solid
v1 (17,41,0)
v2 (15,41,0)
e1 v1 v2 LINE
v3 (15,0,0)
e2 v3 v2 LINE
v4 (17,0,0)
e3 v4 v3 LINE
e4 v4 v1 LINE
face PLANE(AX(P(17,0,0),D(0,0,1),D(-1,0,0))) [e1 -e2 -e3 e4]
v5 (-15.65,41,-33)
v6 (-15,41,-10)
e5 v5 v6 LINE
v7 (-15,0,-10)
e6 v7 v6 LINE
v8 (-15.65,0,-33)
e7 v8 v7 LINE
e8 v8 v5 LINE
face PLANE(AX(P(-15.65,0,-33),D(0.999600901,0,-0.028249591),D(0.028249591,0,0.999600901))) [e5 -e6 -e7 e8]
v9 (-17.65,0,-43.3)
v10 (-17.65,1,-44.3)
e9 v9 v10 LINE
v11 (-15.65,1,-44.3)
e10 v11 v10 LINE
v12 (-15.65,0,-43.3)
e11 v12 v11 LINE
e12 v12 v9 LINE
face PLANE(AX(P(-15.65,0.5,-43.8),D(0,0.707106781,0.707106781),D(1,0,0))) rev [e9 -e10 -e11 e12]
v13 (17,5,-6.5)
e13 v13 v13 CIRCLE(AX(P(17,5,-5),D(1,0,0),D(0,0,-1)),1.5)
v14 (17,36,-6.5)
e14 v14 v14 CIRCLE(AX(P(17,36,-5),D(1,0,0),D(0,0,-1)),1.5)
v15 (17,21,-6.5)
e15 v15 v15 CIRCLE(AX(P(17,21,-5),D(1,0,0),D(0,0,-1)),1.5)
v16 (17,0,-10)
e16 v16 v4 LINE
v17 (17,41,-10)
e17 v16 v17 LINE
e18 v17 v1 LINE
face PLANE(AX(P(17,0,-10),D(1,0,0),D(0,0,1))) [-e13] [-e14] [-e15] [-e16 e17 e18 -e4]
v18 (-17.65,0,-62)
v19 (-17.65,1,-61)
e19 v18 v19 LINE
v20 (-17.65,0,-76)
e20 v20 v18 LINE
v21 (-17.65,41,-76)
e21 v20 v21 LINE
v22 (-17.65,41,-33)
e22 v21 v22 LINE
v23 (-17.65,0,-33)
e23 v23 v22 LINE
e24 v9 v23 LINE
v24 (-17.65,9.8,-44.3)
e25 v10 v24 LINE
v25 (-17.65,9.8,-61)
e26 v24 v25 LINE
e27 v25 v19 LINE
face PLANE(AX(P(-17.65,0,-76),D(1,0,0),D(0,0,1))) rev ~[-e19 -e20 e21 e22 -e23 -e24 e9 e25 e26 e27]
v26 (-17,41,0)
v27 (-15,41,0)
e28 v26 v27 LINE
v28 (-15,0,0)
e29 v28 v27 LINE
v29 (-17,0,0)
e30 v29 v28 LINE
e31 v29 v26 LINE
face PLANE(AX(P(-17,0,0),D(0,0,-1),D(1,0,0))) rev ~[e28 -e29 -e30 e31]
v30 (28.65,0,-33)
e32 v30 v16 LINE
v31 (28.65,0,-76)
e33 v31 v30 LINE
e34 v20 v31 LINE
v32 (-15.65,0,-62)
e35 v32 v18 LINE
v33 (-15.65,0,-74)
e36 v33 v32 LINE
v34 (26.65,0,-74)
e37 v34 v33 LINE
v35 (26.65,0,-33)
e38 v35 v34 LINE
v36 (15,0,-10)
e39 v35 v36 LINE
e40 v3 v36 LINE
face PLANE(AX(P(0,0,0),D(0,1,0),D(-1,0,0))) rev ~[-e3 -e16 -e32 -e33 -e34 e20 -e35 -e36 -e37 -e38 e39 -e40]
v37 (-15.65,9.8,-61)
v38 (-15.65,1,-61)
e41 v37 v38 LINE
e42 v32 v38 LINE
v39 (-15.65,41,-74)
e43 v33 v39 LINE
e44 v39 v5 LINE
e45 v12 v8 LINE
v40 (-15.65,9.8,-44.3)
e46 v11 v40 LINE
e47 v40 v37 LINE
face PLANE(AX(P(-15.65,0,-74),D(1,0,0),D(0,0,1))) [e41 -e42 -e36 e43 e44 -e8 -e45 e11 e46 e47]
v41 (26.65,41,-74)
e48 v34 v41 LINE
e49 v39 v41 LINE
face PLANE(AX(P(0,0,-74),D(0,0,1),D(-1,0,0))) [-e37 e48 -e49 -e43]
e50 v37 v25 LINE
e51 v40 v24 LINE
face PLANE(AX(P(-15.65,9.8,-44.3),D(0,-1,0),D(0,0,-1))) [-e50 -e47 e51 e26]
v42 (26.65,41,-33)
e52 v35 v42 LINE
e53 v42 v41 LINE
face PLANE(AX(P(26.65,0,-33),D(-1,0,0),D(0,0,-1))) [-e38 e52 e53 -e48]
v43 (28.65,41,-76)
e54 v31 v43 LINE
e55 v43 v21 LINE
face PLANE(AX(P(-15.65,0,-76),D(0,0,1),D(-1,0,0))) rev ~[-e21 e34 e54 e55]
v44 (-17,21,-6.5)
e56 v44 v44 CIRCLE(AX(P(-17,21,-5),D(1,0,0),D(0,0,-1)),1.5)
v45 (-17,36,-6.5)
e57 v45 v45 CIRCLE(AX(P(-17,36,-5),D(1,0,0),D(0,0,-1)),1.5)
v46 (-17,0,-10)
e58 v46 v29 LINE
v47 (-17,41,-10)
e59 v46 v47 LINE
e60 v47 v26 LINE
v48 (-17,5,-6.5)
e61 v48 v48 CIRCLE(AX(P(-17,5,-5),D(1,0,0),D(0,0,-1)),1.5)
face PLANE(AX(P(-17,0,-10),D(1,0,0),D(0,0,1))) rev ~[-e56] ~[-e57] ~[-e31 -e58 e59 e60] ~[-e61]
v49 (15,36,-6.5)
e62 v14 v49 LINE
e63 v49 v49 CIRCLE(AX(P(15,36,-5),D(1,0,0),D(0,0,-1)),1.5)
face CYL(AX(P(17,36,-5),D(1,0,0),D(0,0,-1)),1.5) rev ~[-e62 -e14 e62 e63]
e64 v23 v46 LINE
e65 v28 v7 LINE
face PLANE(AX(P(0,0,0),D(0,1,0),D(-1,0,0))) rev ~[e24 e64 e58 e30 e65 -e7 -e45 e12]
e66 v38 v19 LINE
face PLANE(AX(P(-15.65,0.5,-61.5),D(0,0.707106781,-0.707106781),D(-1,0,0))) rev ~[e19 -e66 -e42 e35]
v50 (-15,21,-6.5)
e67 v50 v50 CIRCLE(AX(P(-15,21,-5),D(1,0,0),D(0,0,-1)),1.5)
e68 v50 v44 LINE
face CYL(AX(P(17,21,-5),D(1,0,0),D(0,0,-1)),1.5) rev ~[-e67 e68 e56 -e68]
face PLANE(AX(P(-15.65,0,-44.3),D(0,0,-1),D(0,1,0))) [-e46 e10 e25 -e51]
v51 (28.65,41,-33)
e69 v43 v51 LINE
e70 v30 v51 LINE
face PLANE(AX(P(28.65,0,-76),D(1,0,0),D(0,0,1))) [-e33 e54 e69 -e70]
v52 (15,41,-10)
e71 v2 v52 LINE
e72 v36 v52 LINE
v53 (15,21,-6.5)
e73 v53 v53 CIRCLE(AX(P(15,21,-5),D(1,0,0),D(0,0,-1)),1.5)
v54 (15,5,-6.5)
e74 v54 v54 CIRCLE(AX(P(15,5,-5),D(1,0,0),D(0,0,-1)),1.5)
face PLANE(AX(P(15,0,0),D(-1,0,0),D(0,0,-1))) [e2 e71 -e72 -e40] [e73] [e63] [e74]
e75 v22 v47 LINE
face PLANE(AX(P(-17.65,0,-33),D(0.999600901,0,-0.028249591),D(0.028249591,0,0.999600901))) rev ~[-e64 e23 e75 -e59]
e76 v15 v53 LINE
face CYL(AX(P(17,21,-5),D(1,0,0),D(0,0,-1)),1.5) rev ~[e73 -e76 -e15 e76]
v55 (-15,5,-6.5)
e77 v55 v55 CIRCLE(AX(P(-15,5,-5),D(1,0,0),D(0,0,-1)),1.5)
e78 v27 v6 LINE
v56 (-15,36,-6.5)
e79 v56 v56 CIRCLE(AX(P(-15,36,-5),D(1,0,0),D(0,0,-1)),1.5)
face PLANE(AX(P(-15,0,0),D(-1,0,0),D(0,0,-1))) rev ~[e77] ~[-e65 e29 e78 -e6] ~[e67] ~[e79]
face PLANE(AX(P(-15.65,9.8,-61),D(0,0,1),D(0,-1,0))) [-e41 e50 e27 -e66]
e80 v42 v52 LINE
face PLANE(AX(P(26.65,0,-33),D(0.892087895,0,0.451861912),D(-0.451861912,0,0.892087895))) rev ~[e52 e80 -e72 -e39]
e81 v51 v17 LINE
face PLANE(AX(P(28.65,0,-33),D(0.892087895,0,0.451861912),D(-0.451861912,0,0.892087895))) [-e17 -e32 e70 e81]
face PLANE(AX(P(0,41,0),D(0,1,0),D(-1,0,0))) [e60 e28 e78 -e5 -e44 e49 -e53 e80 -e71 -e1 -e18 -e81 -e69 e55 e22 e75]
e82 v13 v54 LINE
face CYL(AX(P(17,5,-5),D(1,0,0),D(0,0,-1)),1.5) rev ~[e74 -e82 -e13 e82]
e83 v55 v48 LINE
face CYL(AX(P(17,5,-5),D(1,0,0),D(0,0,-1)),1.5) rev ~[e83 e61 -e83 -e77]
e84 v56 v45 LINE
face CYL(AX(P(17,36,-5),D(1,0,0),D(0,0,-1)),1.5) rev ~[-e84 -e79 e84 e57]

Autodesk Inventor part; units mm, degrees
ref_plane "YZ Plane" through (0, 0, 0) normal (1, 0, 0) x (0, 1, 0)
ref_plane "XZ Plane" through (0, 0, 0) normal (0, 1, 0) x (-1, 0, 0)
ref_plane "XY Plane" through (0, 0, 0) normal (0, 0, 1) x (1, 0, 0)
sketch "Sketch3" plane through (0, 0, 0) normal (0, 1, 0) x (-1, 0, 0)
  line L0 (0, 0) -> (15, 0) construction
  line L1 (0, 0) -> (-15, 0) construction
  line L2 (15, 0) -> (15, -10)
  line L3 (15, -10) -> (17, -10)
  line L4 (17, -10) -> (17, 0)
  line L5 (17, 0) -> (15, 0)
  line L6 (-15, 0) -> (-15, -10)
  line L7 (-15, -10) -> (-17, -10)
  line L8 (-17, -10) -> (-17, 0)
  line L9 (-17, 0) -> (-15, 0)
  line L10 (0, 0) -> (0, -74) construction
  line L11 (0, -74) -> (15.65, -74)
  line L12 (0, -74) -> (-26.65, -74)
  line L13 (15.65, -74) -> (15.65, -76)
  line L14 (15.65, -76) -> (-26.65, -76)
  line L15 (-26.65, -76) -> (-26.65, -74)
  line L16 (15.65, -76) -> (17.65, -76)
  line L17 (17.65, -76) -> (17.65, -33)
  line L18 (17.65, -33) -> (17, -10)
  line L19 (-26.65, -76) -> (-28.65, -76)
  line L20 (-28.65, -76) -> (-28.65, -33)
  line L21 (-28.65, -33) -> (-17, -10)
  line L22 (-26.65, -33) -> (-26.65, -74)
  line L23 (-26.65, -33) -> (-15, -10)
  line L24 (15.65, -74) -> (15.65, -33)
  line L25 (15.65, -33) -> (15, -10)
  dimension "d19" = 15
  dimension "d20" = 15
  dimension "d21" = 10
  dimension "d22" = 2
  dimension "d23" = 2
  dimension "d24" = 74
  dimension "d25" = 15.65
  dimension "d26" = 26.65
  dimension "d27" = 2
  dimension "d28" = 2
  dimension "d29" = 43
  dimension "d30" = 2
extrude "Extrusion3" add sketch "Sketch3" along normal blind 41
sketch "Sketch4" plane through (17, 0, 0) normal (1, 0, 0) x (0, 0, -1)
  line L0 (0, 41) -> (10, 41) projected
  line L1 (5, 41) -> (5, 0) construction
  line L2 (0, 0) -> (10, 0) projected
  circle A0 centre (5, 36) radius 1.5
  circle A1 centre (5, 21) radius 1.5
  circle A2 centre (5, 5) radius 1.5
  dimension "d33" = 3
  dimension "d34" = 3
  dimension "d35" = 3
  dimension "d36" = 5
  dimension "d37" = 20
  dimension "d38" = 5
extrude "Extrusion4" cut sketch "Sketch4" against normal blind 41
sketch "Sketch5" plane through (-15.65, 0, -33) normal (1, 0, 0) x (0, 0, -1)
  line L0 (43, 41) -> (0, 41) construction
  line L1 (43, 41) -> (28, 41) construction
  line L2 (28, 41) -> (11.3, 41)
  line L3 (0, 41) -> (41, 41) projected
  line L4 (11.3, 41) -> (11.3, 31.2)
  line L5 (11.3, 31.2) -> (28, 31.2)
  line L6 (28, 31.2) -> (28, 41)
  line L7 (-33, 0) -> (-33, 41) projected
  line L8 (-33, 20.5) -> (43.2926, 20.5)
  line L9 (43, 0) -> (0, 0) construction
  line L10 (28, 0) -> (11.3, 0)
  line L11 (11.3, 0) -> (11.3, 9.8)
  line L12 (11.3, 9.8) -> (28, 9.8)
  line L13 (28, 9.8) -> (28, 0)
  dimension "d41" = 15
  dimension "d42" = 16.7
  dimension "d43" = 9.8
extrude "Extrusion5" cut sketch "Sketch5" against normal blind 41 contours L10 L11 L12 L13
chamfer "Chamfer1" distance 1 angle 45 2 edges at (-16.65, 0, -61) (-16.65, 0, -44.3)
properties part number "nema 17 holder" material "Acetal Resin, Black"
